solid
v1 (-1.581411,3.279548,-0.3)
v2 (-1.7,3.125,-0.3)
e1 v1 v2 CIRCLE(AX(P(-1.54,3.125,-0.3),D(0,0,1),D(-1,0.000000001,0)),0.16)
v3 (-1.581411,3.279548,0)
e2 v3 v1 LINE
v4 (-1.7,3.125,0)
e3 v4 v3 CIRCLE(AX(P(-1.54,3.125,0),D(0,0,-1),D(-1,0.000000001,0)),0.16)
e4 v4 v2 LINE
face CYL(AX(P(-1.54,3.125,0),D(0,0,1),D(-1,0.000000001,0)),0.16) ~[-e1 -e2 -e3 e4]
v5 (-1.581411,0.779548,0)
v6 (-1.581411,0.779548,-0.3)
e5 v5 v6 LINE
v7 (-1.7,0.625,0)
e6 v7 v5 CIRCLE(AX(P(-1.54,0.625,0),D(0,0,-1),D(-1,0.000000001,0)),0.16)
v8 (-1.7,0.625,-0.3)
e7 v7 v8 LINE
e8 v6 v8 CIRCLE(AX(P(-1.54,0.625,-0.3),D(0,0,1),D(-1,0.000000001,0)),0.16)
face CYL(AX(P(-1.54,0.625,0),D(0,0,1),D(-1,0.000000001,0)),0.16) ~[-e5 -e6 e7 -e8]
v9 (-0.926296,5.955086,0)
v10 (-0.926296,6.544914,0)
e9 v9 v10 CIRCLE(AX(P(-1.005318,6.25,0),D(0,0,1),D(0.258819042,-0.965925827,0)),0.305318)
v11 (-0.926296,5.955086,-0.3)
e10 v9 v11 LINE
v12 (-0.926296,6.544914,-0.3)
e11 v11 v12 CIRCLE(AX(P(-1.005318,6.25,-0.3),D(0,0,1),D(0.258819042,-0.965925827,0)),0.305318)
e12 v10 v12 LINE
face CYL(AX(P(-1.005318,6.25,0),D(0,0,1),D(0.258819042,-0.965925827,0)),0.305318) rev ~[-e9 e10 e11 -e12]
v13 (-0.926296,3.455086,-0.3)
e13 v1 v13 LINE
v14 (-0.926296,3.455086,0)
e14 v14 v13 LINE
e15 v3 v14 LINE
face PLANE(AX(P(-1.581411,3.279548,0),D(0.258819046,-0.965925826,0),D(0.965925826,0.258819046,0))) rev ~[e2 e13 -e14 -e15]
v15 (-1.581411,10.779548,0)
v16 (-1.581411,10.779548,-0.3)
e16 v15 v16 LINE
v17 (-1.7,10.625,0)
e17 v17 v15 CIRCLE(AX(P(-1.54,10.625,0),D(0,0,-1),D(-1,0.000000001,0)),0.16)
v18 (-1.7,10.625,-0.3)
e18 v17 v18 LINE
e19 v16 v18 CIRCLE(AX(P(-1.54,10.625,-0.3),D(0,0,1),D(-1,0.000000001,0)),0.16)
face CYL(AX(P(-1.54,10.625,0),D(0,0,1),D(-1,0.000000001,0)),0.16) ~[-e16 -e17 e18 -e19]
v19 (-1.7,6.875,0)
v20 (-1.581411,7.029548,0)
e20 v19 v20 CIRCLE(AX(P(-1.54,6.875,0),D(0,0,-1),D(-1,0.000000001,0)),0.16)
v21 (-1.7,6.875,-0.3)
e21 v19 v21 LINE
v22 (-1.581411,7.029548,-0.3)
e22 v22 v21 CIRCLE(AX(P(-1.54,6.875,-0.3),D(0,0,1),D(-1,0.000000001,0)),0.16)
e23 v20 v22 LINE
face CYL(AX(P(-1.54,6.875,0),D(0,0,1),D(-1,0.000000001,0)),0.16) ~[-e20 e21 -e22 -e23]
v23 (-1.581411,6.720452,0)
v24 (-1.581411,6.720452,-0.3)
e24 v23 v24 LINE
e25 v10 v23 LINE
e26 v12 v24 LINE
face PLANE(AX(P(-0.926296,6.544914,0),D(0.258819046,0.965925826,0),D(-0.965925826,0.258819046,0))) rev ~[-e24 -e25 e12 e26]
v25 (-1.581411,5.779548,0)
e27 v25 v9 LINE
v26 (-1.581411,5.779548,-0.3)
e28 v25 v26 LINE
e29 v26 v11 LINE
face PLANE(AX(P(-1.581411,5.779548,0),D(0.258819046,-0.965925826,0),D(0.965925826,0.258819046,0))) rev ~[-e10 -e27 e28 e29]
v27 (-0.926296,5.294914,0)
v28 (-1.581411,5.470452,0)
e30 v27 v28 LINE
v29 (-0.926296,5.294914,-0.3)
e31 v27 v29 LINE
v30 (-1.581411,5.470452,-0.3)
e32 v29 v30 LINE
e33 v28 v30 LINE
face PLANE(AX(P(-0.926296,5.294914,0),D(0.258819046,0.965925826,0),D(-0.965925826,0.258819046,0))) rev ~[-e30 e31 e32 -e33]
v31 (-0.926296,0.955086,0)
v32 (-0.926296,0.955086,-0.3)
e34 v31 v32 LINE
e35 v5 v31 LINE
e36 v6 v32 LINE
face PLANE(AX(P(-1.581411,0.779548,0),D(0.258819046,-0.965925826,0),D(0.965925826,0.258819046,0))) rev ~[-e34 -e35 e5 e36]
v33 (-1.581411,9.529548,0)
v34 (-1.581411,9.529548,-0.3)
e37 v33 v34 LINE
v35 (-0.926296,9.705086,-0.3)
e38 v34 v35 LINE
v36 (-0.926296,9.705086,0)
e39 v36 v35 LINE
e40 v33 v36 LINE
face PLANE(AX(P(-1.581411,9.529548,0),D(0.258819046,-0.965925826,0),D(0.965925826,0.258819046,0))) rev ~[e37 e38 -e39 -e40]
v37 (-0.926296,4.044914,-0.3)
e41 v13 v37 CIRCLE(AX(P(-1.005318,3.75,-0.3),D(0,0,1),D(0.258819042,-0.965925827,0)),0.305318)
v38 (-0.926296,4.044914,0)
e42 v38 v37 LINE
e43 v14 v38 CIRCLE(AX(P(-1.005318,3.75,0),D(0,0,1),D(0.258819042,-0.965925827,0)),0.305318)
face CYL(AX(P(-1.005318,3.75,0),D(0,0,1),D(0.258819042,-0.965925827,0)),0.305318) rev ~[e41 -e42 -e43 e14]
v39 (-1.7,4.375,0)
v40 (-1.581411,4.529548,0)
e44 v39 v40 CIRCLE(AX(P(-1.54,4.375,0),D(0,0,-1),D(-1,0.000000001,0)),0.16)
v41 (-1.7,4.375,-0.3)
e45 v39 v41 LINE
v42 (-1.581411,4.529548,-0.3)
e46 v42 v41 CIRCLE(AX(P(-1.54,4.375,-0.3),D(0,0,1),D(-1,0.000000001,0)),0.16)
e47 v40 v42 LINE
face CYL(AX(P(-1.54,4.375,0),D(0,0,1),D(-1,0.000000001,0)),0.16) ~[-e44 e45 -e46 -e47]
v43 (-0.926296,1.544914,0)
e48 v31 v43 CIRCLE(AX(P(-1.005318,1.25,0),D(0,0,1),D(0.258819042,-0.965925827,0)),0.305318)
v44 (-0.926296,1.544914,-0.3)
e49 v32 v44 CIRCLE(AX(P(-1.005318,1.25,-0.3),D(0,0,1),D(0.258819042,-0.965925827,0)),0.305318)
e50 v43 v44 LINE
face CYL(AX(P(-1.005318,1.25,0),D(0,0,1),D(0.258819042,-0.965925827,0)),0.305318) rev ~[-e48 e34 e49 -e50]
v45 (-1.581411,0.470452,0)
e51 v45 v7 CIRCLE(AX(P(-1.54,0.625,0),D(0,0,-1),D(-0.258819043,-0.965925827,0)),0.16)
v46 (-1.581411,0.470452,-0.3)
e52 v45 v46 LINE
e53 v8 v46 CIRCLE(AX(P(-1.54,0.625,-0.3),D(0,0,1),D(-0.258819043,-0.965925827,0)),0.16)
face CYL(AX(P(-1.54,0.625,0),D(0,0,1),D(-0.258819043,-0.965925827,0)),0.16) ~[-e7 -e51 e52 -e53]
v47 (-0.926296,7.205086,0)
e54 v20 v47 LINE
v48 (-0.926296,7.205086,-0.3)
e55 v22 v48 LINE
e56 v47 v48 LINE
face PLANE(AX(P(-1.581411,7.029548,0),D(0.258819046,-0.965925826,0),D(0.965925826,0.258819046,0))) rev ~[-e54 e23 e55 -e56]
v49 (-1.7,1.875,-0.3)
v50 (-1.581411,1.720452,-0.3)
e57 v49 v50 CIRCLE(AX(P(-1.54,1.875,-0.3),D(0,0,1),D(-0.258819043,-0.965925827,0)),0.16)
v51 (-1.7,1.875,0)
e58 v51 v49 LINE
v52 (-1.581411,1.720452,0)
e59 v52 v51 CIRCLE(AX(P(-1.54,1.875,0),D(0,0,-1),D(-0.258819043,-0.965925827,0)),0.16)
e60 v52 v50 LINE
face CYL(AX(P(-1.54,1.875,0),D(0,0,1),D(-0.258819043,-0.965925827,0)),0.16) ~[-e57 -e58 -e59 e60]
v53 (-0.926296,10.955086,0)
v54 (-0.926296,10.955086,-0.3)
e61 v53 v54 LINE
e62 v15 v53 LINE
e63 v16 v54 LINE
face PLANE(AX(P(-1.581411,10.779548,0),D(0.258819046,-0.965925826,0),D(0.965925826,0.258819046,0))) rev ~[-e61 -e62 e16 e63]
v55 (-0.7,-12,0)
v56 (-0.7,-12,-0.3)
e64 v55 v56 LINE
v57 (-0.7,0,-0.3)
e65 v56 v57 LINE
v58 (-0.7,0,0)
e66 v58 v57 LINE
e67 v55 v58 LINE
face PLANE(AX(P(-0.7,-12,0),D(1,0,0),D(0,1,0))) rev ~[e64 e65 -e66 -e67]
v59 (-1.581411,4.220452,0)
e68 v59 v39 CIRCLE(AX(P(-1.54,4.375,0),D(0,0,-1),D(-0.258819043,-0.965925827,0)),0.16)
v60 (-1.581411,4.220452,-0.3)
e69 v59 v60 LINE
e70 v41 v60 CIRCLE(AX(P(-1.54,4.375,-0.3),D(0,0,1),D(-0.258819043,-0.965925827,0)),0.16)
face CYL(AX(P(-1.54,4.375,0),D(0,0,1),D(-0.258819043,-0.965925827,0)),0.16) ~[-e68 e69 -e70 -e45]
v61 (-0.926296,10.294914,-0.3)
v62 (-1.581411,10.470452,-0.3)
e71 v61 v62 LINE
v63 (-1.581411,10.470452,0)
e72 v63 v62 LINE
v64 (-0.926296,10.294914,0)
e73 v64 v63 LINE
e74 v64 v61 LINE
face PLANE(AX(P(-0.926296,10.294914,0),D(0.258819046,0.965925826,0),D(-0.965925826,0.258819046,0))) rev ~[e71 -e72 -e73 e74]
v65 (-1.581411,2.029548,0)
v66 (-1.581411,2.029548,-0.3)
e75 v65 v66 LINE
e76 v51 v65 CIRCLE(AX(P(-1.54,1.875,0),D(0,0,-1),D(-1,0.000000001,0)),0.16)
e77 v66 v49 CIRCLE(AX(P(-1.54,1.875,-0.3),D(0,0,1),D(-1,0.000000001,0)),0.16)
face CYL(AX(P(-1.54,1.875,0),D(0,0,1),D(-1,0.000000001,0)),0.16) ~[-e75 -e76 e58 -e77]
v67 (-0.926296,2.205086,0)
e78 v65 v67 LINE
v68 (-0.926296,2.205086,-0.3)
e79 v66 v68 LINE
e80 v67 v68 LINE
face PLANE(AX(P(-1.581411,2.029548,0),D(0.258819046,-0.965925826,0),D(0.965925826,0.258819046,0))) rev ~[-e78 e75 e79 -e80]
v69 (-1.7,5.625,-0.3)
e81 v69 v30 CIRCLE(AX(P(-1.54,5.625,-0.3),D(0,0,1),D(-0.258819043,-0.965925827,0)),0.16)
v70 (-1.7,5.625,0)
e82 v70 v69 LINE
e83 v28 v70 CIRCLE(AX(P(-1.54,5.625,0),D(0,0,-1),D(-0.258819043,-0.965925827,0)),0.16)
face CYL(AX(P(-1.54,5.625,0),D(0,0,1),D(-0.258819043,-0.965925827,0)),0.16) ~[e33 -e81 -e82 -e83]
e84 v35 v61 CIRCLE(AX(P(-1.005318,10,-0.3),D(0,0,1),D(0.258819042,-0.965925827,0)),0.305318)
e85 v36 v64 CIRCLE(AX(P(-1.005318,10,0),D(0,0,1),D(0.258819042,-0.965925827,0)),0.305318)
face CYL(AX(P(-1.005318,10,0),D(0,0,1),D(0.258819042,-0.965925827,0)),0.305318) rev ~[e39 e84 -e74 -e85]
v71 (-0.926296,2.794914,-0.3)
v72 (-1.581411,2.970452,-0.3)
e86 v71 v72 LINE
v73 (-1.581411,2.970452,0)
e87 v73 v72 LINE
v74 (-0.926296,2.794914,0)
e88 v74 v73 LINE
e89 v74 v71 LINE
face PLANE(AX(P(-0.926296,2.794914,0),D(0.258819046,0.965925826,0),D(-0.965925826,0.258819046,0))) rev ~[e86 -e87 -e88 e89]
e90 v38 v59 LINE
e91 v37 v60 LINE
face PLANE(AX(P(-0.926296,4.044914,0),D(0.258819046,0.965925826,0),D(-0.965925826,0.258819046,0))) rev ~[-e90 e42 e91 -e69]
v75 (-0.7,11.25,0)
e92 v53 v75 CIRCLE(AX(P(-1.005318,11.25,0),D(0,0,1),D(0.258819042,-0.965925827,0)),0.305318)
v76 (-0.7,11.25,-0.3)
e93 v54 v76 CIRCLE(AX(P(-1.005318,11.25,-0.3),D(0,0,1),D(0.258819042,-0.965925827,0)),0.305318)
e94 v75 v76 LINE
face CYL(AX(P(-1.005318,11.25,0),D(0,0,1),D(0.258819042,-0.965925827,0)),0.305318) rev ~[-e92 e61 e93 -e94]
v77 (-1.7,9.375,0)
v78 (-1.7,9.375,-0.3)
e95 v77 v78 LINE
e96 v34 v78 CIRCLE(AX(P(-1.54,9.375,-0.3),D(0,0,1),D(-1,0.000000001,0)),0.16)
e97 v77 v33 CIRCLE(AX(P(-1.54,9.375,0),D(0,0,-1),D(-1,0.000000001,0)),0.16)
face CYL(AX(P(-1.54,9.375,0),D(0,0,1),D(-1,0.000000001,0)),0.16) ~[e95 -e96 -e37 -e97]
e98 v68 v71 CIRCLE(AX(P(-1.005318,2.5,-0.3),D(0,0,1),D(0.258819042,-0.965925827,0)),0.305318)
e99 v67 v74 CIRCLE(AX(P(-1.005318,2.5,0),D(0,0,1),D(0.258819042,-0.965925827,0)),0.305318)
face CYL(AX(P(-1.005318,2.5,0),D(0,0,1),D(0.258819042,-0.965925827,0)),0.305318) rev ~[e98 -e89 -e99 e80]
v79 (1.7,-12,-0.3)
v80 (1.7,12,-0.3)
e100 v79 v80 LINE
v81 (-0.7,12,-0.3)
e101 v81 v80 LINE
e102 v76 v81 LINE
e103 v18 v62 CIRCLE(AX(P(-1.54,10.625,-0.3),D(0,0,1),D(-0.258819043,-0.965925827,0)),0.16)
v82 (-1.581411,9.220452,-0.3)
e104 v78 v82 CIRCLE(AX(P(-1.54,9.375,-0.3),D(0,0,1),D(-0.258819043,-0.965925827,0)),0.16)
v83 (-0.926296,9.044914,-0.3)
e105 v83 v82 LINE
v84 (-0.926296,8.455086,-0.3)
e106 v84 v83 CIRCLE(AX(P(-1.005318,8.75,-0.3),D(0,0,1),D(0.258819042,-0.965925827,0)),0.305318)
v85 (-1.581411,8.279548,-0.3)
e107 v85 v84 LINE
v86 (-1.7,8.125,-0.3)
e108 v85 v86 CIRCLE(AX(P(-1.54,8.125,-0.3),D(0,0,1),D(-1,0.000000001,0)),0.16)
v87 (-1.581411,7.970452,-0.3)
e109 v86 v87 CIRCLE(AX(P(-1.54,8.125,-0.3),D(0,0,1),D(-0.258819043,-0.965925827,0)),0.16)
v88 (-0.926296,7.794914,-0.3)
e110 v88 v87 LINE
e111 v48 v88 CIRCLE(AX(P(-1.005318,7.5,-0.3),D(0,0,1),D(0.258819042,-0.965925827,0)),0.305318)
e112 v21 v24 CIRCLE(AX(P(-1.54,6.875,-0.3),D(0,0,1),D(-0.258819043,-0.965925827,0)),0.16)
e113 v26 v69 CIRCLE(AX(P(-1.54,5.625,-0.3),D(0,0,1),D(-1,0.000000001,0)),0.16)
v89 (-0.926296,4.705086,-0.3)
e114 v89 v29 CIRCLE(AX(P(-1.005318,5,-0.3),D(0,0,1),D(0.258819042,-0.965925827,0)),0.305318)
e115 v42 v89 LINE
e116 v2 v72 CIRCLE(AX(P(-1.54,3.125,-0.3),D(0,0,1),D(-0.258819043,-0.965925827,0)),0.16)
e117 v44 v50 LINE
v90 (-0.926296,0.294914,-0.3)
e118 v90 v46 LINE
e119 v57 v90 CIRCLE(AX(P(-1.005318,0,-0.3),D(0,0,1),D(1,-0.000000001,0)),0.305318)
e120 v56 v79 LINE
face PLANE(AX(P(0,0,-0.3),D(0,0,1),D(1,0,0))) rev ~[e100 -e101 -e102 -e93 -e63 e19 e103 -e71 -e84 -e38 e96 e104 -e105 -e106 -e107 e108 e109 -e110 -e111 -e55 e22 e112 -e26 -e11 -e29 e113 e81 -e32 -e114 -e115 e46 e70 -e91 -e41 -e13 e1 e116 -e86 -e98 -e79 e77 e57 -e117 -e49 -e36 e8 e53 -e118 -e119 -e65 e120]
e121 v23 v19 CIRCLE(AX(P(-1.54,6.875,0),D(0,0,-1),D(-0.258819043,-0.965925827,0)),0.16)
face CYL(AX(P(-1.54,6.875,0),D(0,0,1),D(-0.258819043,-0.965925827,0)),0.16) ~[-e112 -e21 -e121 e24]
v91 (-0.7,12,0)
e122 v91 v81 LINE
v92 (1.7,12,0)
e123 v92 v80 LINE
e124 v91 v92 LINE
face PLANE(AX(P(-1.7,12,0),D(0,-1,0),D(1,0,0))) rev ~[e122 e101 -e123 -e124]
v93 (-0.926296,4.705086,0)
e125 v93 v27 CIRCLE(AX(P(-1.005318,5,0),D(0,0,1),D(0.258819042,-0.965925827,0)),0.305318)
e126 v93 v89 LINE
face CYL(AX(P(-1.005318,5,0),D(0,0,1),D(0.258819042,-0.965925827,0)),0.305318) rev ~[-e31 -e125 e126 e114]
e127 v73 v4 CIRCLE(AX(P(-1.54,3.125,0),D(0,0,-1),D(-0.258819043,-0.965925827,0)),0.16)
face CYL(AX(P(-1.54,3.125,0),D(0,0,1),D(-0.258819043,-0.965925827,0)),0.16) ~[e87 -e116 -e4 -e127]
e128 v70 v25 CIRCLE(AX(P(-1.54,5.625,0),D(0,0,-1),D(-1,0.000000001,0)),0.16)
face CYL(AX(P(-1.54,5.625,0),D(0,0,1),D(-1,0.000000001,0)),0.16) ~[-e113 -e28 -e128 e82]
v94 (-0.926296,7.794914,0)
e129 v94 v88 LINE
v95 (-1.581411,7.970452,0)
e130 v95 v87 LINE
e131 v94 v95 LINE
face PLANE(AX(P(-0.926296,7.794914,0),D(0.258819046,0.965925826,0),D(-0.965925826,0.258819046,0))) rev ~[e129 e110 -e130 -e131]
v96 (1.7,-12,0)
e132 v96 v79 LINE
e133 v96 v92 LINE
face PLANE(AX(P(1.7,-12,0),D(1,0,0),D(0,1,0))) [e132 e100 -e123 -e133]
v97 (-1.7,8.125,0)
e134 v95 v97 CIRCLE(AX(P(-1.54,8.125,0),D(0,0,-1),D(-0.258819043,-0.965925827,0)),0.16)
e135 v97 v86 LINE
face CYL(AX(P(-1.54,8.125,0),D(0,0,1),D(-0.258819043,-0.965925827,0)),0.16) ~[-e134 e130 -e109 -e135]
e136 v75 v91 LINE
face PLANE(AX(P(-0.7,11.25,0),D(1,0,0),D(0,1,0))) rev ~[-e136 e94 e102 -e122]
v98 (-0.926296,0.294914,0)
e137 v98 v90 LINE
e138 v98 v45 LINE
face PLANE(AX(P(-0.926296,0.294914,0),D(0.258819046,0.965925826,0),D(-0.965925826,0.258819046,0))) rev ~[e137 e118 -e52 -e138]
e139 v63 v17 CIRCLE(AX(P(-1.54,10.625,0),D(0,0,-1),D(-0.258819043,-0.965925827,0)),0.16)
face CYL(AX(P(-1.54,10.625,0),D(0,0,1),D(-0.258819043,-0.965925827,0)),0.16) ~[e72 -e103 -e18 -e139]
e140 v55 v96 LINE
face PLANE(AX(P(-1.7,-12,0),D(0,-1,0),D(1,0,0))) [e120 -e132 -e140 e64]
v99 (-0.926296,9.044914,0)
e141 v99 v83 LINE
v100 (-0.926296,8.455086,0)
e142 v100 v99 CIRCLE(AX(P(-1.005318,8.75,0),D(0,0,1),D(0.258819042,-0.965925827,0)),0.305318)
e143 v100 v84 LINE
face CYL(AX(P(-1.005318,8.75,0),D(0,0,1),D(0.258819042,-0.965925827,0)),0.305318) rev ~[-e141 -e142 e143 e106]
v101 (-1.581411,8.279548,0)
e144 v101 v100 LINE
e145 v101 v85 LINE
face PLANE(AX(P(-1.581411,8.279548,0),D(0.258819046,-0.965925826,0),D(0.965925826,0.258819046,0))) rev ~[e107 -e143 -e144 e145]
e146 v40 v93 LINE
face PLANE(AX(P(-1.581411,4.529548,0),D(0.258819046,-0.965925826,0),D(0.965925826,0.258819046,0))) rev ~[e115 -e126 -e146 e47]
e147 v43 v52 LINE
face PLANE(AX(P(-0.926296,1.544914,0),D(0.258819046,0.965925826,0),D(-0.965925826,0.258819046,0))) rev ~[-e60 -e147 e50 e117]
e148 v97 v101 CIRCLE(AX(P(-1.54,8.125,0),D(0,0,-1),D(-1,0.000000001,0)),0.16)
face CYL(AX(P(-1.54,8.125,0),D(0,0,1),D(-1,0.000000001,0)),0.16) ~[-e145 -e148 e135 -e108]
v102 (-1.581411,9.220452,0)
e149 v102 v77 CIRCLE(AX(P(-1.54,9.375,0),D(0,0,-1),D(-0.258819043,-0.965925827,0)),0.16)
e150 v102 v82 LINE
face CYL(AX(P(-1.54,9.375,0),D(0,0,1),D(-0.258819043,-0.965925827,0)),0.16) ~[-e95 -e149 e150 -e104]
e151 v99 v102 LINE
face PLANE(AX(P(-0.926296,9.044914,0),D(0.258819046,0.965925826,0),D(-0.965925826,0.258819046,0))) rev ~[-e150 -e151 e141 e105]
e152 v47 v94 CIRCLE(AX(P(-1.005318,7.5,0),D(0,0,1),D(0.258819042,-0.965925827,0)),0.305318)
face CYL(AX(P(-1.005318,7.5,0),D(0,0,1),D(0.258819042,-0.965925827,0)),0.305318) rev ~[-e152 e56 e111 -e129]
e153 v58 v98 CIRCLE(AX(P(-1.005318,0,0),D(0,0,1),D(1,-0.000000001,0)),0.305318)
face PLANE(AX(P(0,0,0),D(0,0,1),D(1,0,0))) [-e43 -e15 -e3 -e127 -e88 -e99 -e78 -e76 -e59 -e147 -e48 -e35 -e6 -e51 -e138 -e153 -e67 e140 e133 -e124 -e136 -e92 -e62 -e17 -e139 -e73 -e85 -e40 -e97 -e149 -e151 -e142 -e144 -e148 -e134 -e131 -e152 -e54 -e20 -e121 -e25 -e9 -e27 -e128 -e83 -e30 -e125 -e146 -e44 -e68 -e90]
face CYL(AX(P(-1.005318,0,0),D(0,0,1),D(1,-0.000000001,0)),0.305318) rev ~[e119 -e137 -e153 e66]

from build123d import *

# Parameters (mm, degrees)
SKETCH1_W           = 3.4
SKETCH1_H           = 24
BOSS_EXTRUDE1_DEPTH = 0.3
CUT_EXTRUDE1_DEPTH  = 1.3
CUT_EXTRUDE2_DEPTH  = 1.3
LPATTERN1_COUNT     = 9
LPATTERN1_PITCH     = 1.25
CUT_EXTRUDE4_DEPTH  = 1.3


with BuildPart() as part:
    # Sketch1 → Boss-Extrude1 (new body)
    with BuildSketch(Plane.XY):
        Rectangle(SKETCH1_W, SKETCH1_H)
    extrude(amount=-BOSS_EXTRUDE1_DEPTH)

    # Sketch2 → Cut-Extrude1 (cut, through all)
    with BuildSketch(Plane.XY):
        with BuildLine():
            Line((-1.7, -12), (-0.7, -12))
            Line((-0.7, -12), (-0.7, 0))
            ThreePointArc((-0.7, 0), (-0.763092877, 0.185865622), (-0.926295644, 0.294914224))
            Line((-0.926295644, 0.294914224), (-1.581411047, 0.470451868))
            ThreePointArc((-1.581411047, 0.470451868), (-1.666936534, 0.527598171), (-1.7, 0.625))
            Line((-1.7, 0.625), (-1.7, -12))
        make_face()
    extrude(amount=-CUT_EXTRUDE1_DEPTH, mode=Mode.SUBTRACT)

    # Sketch3 → Cut-Extrude2 (cut, through all)
    with BuildSketch(Plane.XY):
        with BuildLine():
            Line((-1.581411047, 0.779548132), (-0.926295644, 0.955085776))
            ThreePointArc((-0.926295644, 0.955085776), (-0.7, 1.25), (-0.926295644, 1.544914224))
            Line((-0.926295644, 1.544914224), (-1.581411047, 1.720451868))
            ThreePointArc((-1.581411047, 1.720451868), (-1.666936534, 1.777598171), (-1.7, 1.875))
            Line((-1.7, 1.875), (-1.7, 0.625))
            ThreePointArc((-1.7, 0.625), (-1.666936534, 0.722401829), (-1.581411047, 0.779548132))
        make_face()
    cut_extrude2 = extrude(amount=-CUT_EXTRUDE2_DEPTH, mode=Mode.SUBTRACT)

    # LPattern1: Cut-Extrude2 ×9
    with Locations(*[(0, i * LPATTERN1_PITCH, 0) for i in range(1, LPATTERN1_COUNT)]):
        add(cut_extrude2, mode=Mode.SUBTRACT)

    # Sketch4 → Cut-Extrude4 (cut, through all)
    with BuildSketch(Plane.XY):
        with BuildLine():
            Line((-0.7, 11.25), (-0.7, 12))
            Line((-0.7, 12), (-1.7, 12))
            Line((-1.7, 12), (-1.7, 11.875))
            ThreePointArc((-1.7, 11.875), (-1.666936534, 11.777598171), (-1.581411047, 11.720451868))
            Line((-1.581411047, 11.720451868), (-0.926295644, 11.544914224))
            ThreePointArc((-0.926295644, 11.544914224), (-0.763092877, 11.435865622), (-0.7, 11.25))
        make_face()
    extrude(amount=-CUT_EXTRUDE4_DEPTH, mode=Mode.SUBTRACT)


solid = part.part
